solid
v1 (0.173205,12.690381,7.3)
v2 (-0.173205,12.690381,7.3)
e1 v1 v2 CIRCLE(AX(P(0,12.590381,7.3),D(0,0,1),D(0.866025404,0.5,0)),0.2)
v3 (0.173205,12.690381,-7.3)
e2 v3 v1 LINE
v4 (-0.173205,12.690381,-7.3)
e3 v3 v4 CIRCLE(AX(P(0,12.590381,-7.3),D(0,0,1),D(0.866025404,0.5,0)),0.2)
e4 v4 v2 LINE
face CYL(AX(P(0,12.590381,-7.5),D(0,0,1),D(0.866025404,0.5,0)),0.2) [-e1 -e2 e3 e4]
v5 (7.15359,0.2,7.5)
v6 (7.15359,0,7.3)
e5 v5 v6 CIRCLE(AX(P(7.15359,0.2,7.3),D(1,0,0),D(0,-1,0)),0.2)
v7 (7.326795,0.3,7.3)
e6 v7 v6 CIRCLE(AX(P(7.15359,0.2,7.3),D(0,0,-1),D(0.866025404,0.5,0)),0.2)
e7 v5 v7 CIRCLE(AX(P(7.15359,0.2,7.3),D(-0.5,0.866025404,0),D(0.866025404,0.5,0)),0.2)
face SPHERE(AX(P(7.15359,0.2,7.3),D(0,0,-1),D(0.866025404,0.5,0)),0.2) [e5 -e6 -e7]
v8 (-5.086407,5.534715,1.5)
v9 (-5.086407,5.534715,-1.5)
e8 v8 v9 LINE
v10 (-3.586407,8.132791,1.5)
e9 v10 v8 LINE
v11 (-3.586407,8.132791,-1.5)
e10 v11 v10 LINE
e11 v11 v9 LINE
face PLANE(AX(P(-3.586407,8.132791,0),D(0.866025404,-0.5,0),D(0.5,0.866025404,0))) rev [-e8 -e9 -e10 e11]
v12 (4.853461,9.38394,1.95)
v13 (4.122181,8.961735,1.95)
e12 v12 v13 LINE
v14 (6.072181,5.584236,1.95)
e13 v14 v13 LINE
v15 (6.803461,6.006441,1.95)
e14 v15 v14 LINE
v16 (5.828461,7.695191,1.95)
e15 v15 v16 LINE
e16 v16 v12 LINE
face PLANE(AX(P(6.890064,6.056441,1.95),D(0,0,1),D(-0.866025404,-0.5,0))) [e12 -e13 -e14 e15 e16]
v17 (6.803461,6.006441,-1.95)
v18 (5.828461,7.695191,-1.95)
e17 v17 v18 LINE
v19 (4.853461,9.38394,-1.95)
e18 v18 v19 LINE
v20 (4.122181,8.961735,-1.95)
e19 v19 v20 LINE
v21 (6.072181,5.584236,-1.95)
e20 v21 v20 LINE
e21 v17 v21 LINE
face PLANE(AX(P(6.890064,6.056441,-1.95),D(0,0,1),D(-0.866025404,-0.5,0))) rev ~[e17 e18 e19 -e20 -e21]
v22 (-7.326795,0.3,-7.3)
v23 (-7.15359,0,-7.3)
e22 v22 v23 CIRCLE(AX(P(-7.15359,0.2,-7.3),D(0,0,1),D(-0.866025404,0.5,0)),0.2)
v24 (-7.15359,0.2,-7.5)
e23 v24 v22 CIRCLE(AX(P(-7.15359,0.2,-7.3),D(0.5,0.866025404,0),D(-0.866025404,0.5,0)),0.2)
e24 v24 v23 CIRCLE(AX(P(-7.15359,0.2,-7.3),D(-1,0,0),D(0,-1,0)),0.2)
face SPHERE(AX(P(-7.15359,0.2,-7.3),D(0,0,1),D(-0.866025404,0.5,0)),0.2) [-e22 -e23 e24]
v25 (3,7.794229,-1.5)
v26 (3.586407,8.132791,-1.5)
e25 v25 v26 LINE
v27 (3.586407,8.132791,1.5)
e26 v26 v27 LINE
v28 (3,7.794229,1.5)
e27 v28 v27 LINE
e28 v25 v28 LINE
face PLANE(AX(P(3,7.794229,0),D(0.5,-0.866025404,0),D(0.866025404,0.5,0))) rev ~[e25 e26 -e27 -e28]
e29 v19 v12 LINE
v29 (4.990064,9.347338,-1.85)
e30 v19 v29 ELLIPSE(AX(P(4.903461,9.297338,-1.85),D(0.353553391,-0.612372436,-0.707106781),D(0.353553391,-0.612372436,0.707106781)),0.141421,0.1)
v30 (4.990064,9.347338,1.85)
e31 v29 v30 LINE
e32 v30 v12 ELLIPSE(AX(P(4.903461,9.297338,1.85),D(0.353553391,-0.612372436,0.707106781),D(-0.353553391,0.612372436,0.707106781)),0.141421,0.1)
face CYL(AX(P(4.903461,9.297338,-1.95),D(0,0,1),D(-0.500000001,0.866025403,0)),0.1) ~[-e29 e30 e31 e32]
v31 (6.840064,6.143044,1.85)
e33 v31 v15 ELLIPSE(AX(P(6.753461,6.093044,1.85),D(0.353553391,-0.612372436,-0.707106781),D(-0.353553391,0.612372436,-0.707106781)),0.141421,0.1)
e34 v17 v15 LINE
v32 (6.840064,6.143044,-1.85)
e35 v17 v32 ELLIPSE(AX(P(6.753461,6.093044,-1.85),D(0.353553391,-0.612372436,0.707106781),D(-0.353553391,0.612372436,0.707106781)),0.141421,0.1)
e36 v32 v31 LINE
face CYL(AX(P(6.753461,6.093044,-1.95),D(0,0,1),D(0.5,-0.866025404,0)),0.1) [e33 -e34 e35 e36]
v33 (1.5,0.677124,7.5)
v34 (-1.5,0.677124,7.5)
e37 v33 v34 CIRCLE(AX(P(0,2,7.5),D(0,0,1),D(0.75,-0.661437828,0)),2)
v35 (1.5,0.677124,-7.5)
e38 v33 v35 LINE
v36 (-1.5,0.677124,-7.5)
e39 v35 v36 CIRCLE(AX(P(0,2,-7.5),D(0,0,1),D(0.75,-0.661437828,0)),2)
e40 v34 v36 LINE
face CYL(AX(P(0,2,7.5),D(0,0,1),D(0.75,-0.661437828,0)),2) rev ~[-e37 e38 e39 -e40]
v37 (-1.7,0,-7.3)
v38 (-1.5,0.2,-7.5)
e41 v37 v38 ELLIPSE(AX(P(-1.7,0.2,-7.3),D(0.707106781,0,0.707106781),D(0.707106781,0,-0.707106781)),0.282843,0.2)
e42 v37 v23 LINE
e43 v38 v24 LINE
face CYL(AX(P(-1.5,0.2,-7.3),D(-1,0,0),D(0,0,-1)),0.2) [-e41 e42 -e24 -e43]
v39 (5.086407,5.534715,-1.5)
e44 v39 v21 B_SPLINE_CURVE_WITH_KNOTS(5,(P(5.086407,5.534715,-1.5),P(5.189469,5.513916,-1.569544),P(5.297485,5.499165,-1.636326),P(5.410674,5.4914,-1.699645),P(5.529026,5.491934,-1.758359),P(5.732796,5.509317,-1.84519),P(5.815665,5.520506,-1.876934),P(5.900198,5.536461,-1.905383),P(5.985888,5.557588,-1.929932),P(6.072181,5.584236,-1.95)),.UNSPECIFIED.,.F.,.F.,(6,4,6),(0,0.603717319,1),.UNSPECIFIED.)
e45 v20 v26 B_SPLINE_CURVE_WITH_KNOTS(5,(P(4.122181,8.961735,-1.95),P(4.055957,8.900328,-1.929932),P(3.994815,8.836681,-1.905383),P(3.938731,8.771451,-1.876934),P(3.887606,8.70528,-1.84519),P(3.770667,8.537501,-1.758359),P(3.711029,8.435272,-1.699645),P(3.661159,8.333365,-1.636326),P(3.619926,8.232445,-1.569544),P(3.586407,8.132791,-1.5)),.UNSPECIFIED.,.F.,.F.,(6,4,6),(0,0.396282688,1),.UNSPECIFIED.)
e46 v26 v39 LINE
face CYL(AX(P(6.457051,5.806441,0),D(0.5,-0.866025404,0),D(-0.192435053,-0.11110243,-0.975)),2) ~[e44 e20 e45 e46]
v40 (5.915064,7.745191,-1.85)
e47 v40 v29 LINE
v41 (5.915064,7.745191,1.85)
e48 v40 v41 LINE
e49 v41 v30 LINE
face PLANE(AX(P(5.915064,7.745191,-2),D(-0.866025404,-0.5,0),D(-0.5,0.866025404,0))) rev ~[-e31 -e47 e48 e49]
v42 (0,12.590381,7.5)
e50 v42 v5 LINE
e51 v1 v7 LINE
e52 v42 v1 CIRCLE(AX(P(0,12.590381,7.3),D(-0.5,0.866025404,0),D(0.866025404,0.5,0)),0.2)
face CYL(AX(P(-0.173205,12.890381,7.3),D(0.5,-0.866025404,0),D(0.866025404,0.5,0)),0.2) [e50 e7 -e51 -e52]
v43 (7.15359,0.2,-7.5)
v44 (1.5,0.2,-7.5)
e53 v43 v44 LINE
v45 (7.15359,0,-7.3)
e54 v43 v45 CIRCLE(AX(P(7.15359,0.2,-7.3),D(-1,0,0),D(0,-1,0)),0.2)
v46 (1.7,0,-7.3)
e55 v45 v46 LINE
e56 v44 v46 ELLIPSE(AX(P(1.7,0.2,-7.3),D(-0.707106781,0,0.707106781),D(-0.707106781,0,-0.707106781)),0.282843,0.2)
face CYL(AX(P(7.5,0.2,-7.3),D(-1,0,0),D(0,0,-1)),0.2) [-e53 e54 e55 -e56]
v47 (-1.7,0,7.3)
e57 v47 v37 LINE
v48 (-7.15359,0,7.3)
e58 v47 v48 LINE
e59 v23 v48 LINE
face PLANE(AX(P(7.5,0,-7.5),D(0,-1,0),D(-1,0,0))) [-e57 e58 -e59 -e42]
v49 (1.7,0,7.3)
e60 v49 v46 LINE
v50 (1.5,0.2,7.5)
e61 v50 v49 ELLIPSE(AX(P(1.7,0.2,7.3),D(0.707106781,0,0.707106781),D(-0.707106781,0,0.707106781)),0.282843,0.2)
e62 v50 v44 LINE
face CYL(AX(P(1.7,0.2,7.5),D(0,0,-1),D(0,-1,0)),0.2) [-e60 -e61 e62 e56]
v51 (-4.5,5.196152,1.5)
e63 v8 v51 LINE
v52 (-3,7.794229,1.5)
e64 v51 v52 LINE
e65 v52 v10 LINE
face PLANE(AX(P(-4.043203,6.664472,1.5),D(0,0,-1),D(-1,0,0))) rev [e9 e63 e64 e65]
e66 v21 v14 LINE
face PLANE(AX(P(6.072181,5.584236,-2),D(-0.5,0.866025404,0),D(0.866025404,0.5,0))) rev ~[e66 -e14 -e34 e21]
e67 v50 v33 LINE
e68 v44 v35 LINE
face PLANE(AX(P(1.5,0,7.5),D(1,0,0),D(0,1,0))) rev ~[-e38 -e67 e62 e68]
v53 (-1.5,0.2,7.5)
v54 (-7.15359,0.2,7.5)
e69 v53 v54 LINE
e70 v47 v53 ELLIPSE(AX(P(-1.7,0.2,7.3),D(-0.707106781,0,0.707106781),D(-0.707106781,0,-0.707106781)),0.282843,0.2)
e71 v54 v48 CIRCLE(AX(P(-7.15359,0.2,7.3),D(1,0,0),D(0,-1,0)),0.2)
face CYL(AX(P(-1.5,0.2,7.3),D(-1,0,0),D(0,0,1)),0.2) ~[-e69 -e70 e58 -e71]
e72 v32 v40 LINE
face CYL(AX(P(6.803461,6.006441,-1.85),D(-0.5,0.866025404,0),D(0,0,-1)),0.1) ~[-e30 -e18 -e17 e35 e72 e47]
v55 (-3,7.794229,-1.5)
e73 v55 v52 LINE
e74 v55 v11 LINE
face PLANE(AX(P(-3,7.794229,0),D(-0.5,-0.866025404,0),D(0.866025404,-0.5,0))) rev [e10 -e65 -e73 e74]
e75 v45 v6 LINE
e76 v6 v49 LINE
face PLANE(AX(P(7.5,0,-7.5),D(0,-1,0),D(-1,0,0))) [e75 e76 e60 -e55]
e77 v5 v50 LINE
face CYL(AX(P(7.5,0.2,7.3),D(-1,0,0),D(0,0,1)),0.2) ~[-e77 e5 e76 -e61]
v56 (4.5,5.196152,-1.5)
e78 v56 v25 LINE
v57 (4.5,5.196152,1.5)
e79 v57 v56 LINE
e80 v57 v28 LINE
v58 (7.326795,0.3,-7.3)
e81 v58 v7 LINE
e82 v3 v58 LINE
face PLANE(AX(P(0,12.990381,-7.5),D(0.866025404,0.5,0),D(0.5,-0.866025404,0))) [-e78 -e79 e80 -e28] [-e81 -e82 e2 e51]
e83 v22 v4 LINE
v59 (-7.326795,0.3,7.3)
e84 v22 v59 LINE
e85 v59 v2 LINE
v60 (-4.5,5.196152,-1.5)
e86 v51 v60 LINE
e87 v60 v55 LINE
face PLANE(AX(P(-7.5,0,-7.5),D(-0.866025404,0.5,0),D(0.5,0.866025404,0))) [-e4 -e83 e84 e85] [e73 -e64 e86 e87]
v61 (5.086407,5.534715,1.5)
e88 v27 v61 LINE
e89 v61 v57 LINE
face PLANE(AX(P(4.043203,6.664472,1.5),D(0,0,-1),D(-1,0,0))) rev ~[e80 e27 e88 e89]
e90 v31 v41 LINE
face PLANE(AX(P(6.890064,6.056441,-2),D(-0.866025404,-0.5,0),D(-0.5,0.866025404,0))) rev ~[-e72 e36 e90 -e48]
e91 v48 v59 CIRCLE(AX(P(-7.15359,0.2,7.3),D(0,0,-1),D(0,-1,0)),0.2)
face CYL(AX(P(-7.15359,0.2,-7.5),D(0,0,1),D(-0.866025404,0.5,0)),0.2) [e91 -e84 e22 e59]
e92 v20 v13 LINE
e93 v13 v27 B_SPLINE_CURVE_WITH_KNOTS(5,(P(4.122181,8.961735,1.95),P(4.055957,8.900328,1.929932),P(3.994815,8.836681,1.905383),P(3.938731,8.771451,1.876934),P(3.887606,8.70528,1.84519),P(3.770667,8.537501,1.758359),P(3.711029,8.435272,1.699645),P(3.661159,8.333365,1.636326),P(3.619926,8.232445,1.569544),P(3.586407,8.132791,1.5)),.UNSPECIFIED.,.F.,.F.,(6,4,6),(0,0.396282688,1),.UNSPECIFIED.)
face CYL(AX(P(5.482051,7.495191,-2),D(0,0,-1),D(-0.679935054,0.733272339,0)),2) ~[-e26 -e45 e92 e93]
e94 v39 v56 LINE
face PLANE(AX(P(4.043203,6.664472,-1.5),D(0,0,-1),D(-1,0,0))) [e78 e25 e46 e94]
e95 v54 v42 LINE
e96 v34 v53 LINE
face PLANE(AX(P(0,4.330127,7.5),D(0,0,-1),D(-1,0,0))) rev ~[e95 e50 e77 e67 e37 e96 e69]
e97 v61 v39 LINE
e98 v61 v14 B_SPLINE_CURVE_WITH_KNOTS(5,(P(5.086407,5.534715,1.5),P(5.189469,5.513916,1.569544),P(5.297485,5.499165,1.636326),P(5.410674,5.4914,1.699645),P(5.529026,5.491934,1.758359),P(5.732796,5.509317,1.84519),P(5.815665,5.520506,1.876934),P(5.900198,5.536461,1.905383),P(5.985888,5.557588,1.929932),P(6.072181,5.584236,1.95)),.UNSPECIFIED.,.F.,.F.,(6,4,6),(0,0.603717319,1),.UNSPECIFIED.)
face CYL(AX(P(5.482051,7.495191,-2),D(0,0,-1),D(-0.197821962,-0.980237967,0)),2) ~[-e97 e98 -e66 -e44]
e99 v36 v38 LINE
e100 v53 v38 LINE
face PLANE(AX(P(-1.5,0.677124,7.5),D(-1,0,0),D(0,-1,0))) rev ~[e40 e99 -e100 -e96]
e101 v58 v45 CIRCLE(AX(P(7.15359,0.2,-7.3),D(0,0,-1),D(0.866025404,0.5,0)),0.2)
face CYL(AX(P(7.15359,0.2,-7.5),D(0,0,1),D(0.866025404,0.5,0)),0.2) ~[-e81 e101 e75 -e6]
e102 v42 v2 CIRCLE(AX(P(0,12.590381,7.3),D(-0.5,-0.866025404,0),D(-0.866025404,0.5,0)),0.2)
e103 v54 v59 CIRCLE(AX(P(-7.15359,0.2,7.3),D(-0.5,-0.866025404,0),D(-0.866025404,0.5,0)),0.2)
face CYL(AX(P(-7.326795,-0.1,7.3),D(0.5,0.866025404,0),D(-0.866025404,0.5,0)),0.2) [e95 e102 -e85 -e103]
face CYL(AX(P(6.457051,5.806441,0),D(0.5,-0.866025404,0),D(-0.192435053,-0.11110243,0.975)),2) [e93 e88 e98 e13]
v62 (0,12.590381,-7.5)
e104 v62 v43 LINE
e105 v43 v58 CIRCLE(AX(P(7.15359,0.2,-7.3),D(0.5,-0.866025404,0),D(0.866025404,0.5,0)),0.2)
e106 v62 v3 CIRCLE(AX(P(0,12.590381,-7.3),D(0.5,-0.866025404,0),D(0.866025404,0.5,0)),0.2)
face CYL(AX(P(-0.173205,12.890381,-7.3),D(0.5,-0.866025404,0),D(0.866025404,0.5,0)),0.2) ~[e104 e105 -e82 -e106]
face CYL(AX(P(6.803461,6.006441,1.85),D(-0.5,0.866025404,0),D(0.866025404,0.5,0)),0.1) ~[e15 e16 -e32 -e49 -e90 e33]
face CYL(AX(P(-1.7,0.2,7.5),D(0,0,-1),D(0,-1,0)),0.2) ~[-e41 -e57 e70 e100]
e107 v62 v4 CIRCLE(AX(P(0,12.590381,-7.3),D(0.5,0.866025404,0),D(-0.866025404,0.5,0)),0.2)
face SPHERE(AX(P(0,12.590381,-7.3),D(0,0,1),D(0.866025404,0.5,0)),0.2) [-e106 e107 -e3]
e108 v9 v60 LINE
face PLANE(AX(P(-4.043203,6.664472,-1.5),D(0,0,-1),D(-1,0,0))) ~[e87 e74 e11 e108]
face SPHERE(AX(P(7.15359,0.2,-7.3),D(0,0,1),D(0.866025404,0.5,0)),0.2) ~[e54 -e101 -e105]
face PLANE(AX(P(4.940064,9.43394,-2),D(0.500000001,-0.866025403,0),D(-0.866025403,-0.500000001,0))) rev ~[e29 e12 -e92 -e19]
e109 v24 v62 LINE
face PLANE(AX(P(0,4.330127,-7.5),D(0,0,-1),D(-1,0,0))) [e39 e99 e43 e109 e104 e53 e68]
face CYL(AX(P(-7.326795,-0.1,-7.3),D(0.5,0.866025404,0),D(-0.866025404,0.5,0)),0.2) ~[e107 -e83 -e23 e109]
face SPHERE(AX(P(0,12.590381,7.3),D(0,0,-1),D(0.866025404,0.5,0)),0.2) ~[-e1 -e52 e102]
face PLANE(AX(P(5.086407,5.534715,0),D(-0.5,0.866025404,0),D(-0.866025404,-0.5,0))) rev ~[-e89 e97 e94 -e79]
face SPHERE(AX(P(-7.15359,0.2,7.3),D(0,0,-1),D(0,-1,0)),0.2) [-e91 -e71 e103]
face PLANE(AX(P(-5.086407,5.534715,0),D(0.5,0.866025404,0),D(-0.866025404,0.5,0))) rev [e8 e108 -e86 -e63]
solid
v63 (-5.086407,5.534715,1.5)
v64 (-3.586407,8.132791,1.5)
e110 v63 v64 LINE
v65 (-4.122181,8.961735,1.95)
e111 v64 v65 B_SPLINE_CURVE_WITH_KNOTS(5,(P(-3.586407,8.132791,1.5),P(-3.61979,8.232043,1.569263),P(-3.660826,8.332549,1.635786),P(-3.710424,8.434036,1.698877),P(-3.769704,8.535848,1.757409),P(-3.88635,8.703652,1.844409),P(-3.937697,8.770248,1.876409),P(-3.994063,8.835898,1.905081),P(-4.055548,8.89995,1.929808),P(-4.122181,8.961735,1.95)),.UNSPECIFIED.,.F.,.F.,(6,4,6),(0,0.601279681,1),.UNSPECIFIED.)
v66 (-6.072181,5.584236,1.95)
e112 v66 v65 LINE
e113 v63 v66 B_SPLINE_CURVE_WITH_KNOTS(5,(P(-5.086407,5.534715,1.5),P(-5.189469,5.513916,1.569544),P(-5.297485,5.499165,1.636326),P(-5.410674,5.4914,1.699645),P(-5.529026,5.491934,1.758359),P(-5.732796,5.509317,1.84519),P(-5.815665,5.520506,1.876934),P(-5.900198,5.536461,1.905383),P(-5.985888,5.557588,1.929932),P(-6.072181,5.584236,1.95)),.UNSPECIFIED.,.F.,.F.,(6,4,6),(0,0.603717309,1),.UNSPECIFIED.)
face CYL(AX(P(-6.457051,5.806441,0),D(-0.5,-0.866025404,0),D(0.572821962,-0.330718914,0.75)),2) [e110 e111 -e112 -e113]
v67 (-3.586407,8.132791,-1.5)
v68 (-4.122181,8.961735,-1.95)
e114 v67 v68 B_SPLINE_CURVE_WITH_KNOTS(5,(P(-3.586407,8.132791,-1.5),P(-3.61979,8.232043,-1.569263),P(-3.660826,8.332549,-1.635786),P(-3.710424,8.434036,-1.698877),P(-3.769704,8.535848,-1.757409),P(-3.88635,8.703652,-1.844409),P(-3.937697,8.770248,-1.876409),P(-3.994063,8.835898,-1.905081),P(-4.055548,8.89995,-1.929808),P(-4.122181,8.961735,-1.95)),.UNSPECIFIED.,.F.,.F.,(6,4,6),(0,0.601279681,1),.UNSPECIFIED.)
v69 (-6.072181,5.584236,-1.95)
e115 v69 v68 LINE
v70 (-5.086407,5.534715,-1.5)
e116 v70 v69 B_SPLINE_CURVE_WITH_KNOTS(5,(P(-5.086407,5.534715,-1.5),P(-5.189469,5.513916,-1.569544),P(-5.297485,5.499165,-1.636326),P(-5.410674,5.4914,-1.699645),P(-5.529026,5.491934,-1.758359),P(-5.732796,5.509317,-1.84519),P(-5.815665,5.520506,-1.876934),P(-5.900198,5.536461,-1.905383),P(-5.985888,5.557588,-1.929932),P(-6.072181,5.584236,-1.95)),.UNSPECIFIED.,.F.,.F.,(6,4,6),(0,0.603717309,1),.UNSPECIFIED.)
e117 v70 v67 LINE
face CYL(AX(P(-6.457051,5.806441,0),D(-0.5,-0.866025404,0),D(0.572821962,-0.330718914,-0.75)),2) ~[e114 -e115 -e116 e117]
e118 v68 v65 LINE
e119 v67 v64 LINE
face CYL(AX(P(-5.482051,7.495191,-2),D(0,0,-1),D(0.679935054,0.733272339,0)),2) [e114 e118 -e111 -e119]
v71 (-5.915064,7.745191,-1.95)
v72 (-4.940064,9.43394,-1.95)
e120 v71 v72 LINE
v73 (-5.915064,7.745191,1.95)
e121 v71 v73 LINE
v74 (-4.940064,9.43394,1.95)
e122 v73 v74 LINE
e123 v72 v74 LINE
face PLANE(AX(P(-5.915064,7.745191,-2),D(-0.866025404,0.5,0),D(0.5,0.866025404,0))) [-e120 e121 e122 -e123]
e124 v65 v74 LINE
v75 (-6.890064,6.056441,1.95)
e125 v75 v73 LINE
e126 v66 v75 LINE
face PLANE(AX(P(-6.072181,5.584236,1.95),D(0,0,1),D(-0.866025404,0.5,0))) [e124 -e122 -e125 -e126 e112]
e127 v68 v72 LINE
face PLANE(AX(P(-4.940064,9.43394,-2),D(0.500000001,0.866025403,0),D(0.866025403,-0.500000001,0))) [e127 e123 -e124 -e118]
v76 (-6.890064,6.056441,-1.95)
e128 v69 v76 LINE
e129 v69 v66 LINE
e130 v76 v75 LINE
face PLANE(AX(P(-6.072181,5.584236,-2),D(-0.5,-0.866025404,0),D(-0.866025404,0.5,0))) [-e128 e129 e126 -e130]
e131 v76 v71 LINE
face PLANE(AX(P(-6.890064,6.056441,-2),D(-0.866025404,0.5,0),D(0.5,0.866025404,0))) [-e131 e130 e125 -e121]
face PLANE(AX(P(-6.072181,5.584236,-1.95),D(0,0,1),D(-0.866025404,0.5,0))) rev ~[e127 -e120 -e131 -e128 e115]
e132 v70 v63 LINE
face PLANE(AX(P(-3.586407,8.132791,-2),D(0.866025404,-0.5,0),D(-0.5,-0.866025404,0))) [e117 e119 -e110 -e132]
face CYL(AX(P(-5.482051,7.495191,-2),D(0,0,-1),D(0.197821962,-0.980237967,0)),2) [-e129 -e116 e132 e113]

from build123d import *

# Parameters (mm, degrees)
EXTRUDE_1_DEPTH        = 7.5
EXTRUDE_1_DEPTH_BACK   = 7.5
CUT_EXTRUDE_1_REACH    = 23.213
EXTRUDE_2_DEPTH        = 2
EXTRUDE_2_DEPTH_BACK   = 2
EXTRUDE_2_2_DEPTH      = 2
EXTRUDE_2_2_DEPTH_BACK = 2
EXTRUDE_4_DEPTH        = 1.5
CUT_EXTRUDE_2_DEPTH    = 17.046494944
FILLET_1_R             = 0.1
FILLET_2_R             = 0.2
CUT_EXTRUDE_3_REACH    = 17.828


with BuildPart() as part:
    # 草图1 → 凸台-拉伸1 (new, two sides: drawn at the far end of the back side and taken through both)
    with BuildSketch(Plane.XY.offset(-EXTRUDE_1_DEPTH_BACK)):
        Polygon((-7.5, 0), (0, 12.990381057), (7.5, 0), align=None)
    extrude(amount=EXTRUDE_1_DEPTH + EXTRUDE_1_DEPTH_BACK)

    # 草图2 → 切除-拉伸1 (cut, up to next)
    with BuildSketch(Plane.XY.offset(7.5), mode=Mode.PRIVATE) as cut_extrude_1_sk1:
        with BuildLine():
            Line((-1.5, 0.677124344), (-1.5, 0))
            Line((-1.5, 0), (1.5, 0))
            Line((1.5, 0), (1.5, 0.677124344))
            ThreePointArc((1.5, 0.677124344), (0, 4), (-1.5, 0.677124344))
        make_face()
    cut_extrude_1_tool1 = extrude(cut_extrude_1_sk1.sketch, amount=-CUT_EXTRUDE_1_REACH, mode=Mode.PRIVATE) & part.part
    add(cut_extrude_1_tool1.solids().sort_by_distance((0, 1.914707, 7.5))[0], mode=Mode.SUBTRACT)



with BuildPart() as body_2:
    # 草图3 → 凸台-拉伸2 (new, two sides: drawn at the far end of the back side and taken through both)
    with BuildSketch(Plane.XY.offset(-EXTRUDE_2_DEPTH_BACK)):
        with BuildLine():
            Line((3.586406884, 8.132790806), (5.086406884, 5.534714595))
            ThreePointArc((5.086406884, 5.534714595), (5.582396677, 5.497709438), (6.0721807, 5.584236131))
            Line((6.0721807, 5.584236131), (6.890063509, 6.056440991))
            Line((6.890063509, 6.056440991), (5.915063509, 7.745190528))
            Line((5.915063509, 7.745190528), (4.940063509, 9.433940066))
            Line((4.940063509, 9.433940066), (4.1221807, 8.961735205))
            ThreePointArc((4.1221807, 8.961735205), (3.802354375, 8.580833146), (3.586406884, 8.132790806))
        make_face()
    extrude(amount=EXTRUDE_2_DEPTH + EXTRUDE_2_DEPTH_BACK)


with BuildPart() as body_3:
    # 草图3 → Extrude 2 2 (new, two sides: drawn at the far end of the back side and taken through both)
    with BuildSketch(Plane.XY.offset(-EXTRUDE_2_2_DEPTH_BACK)):
        with BuildLine():
            Line((-4.940063509, 9.433940066), (-4.1221807, 8.961735205))
            ThreePointArc((-4.1221807, 8.961735205), (-3.802354375, 8.580833146), (-3.586406884, 8.132790806))
            Line((-3.586406884, 8.132790806), (-5.086406884, 5.534714595))
            ThreePointArc((-5.086406884, 5.534714595), (-5.582396677, 5.497709438), (-6.0721807, 5.584236131))
            Line((-6.0721807, 5.584236131), (-6.890063509, 6.056440991))
            Line((-6.890063509, 6.056440991), (-5.915063509, 7.745190528))
            Line((-5.915063509, 7.745190528), (-4.940063509, 9.433940066))
        make_face()
    extrude(amount=EXTRUDE_2_2_DEPTH + EXTRUDE_2_2_DEPTH_BACK)

    # 切除-拉伸3: up to this face of the body (flat: up to its plane)
    cut_extrude_3_end = Plane(body_3.part.faces().sort_by_distance((-4.531122105, 9.197837636, 0))[0])
    # 草图7 → 切除-拉伸3 (cut, up to the picked face)
    with BuildSketch(Plane(origin=(0.9, 1.558845727, 0), x_dir=(0.8660254037844376, -0.5000000000000019, 0), z_dir=(-0.5000000000000019, -0.8660254037844376, 0)), mode=Mode.PRIVATE) as cut_extrude_3_sk1:
        with BuildLine():
            Line((-8.995190528, 2), (-7.172314873, 2))
            Line((-7.172314873, 2), (-7.172314873, 1.5))
            ThreePointArc((-7.172314873, 1.5), (-7.583352056, 1.780042303), (-8.050780808, 1.95))
            Line((-8.050780808, 1.95), (-8.995190528, 1.95))
            Line((-8.995190528, 1.95), (-8.995190528, 2))
        make_face()
    cut_extrude_3_tool1 = split(extrude(cut_extrude_3_sk1.sketch, amount=-CUT_EXTRUDE_3_REACH, mode=Mode.PRIVATE), bisect_by=cut_extrude_3_end, keep=Keep.BOTH, mode=Mode.PRIVATE)
    # 草图7 → 切除-拉伸3 (cut, up to the picked face)
    with BuildSketch(Plane(origin=(0.9, 1.558845727, 0), x_dir=(0.8660254037844376, -0.5000000000000019, 0), z_dir=(-0.5000000000000019, -0.8660254037844376, 0)), mode=Mode.PRIVATE) as cut_extrude_3_sk2:
        with BuildLine():
            Line((-8.995190528, -2), (-7.172314873, -2))
            Line((-7.172314873, -2), (-7.172314873, -1.5))
            ThreePointArc((-7.172314873, -1.5), (-7.583352056, -1.780042303), (-8.050780808, -1.95))
            Line((-8.050780808, -1.95), (-8.995190528, -1.95))
            Line((-8.995190528, -1.95), (-8.995190528, -2))
        make_face()
    cut_extrude_3_tool2 = split(extrude(cut_extrude_3_sk2.sketch, amount=-CUT_EXTRUDE_3_REACH, mode=Mode.PRIVATE), bisect_by=cut_extrude_3_end, keep=Keep.BOTH, mode=Mode.PRIVATE)
    add(cut_extrude_3_tool1.solids().sort_by(Axis((-5.742645, 5.393979, 1.873038), (0.5000000000000019, 0.8660254037844376, 0)))[0], mode=Mode.SUBTRACT)
    add(cut_extrude_3_tool2.solids().sort_by(Axis((-5.742645, 5.393979, -1.873038), (0.5000000000000019, 0.8660254037844376, 0)))[0], mode=Mode.SUBTRACT)


with BuildPart() as part_1:
    add(part.part)

    add(body_2.part)  # 凸台-拉伸4 merges body 2
    # 草图5 → 凸台-拉伸4 (add, symmetric)
    with BuildSketch(Plane.XY):
        Polygon((3.586406884, 8.132790806), (5.086406884, 5.534714595), (4.5, 5.196152423), (3, 7.794228634), align=None)
    extrude_4 = extrude(amount=EXTRUDE_4_DEPTH, both=True)

    # 草图6 → 切除-拉伸2 (cut, through all)
    with BuildSketch(Plane(origin=(-0.9, 1.558845727, 0), x_dir=(0.8660254037844376, 0.5000000000000019, 0), z_dir=(0.5000000000000019, -0.8660254037844376, 0))):
        with BuildLine():
            Line((8.995190528, -2), (8.995190528, -1.95))
            Line((8.995190528, -1.95), (8.050780808, -1.95))
            ThreePointArc((8.050780808, -1.95), (7.583352056, -1.780042303), (7.172314873, -1.5))
            Line((7.172314873, -1.5), (7.172314873, -2))
            Line((7.172314873, -2), (8.995190528, -2))
        make_face()
        with BuildLine():
            Line((8.995190528, 1.95), (8.050780808, 1.95))
            ThreePointArc((8.050780808, 1.95), (7.583352056, 1.780042303), (7.172314873, 1.5))
            Line((7.172314873, 1.5), (7.172314873, 2))
            Line((7.172314873, 2), (8.995190528, 2))
            Line((8.995190528, 2), (8.995190528, 1.95))
        make_face()
    extrude(amount=-CUT_EXTRUDE_2_DEPTH, mode=Mode.SUBTRACT)

    # 圆角1
    fillet_1_edges = [part_1.edges().sort_by_distance(p)[0] for p in [
        (5.915063509, 7.745190528, 1.95),
        (6.890063509, 6.056440991, 0),
        (4.940063509, 9.433940066, 0),
        (5.915063509, 7.745190528, -1.95),
    ]]
    fillet(fillet_1_edges, radius=FILLET_1_R)

    # 圆角2
    fillet_2_edges = [part_1.edges().sort_by_distance(p)[0] for p in [
        (-3.75, 6.495190528, -7.5),
        (3.75, 6.495190528, 7.5),
        (-3.75, 6.495190528, 7.5),
        (4.5, 0, 7.5),
        (4.5, 0, -7.5),
        (1.5, 0, 0),
        (-1.5, 0, 0),
        (-4.5, 0, -7.5),
        (-7.5, 0, 0),
        (0, 12.990381057, 0),
        (7.5, 0, 0),
        (3.75, 6.495190528, -7.5),
        (-4.5, 0, 7.5),
    ]]
    fillet(fillet_2_edges, radius=FILLET_2_R)

    # 镜向9: 凸台-拉伸4 across plane
    add(extrude_4.mirror(Plane(origin=(0, 0, 0), x_dir=(0, 0, 1), z_dir=(1, 0, 0))))


solid = Compound([body_3.part, part_1.part])
